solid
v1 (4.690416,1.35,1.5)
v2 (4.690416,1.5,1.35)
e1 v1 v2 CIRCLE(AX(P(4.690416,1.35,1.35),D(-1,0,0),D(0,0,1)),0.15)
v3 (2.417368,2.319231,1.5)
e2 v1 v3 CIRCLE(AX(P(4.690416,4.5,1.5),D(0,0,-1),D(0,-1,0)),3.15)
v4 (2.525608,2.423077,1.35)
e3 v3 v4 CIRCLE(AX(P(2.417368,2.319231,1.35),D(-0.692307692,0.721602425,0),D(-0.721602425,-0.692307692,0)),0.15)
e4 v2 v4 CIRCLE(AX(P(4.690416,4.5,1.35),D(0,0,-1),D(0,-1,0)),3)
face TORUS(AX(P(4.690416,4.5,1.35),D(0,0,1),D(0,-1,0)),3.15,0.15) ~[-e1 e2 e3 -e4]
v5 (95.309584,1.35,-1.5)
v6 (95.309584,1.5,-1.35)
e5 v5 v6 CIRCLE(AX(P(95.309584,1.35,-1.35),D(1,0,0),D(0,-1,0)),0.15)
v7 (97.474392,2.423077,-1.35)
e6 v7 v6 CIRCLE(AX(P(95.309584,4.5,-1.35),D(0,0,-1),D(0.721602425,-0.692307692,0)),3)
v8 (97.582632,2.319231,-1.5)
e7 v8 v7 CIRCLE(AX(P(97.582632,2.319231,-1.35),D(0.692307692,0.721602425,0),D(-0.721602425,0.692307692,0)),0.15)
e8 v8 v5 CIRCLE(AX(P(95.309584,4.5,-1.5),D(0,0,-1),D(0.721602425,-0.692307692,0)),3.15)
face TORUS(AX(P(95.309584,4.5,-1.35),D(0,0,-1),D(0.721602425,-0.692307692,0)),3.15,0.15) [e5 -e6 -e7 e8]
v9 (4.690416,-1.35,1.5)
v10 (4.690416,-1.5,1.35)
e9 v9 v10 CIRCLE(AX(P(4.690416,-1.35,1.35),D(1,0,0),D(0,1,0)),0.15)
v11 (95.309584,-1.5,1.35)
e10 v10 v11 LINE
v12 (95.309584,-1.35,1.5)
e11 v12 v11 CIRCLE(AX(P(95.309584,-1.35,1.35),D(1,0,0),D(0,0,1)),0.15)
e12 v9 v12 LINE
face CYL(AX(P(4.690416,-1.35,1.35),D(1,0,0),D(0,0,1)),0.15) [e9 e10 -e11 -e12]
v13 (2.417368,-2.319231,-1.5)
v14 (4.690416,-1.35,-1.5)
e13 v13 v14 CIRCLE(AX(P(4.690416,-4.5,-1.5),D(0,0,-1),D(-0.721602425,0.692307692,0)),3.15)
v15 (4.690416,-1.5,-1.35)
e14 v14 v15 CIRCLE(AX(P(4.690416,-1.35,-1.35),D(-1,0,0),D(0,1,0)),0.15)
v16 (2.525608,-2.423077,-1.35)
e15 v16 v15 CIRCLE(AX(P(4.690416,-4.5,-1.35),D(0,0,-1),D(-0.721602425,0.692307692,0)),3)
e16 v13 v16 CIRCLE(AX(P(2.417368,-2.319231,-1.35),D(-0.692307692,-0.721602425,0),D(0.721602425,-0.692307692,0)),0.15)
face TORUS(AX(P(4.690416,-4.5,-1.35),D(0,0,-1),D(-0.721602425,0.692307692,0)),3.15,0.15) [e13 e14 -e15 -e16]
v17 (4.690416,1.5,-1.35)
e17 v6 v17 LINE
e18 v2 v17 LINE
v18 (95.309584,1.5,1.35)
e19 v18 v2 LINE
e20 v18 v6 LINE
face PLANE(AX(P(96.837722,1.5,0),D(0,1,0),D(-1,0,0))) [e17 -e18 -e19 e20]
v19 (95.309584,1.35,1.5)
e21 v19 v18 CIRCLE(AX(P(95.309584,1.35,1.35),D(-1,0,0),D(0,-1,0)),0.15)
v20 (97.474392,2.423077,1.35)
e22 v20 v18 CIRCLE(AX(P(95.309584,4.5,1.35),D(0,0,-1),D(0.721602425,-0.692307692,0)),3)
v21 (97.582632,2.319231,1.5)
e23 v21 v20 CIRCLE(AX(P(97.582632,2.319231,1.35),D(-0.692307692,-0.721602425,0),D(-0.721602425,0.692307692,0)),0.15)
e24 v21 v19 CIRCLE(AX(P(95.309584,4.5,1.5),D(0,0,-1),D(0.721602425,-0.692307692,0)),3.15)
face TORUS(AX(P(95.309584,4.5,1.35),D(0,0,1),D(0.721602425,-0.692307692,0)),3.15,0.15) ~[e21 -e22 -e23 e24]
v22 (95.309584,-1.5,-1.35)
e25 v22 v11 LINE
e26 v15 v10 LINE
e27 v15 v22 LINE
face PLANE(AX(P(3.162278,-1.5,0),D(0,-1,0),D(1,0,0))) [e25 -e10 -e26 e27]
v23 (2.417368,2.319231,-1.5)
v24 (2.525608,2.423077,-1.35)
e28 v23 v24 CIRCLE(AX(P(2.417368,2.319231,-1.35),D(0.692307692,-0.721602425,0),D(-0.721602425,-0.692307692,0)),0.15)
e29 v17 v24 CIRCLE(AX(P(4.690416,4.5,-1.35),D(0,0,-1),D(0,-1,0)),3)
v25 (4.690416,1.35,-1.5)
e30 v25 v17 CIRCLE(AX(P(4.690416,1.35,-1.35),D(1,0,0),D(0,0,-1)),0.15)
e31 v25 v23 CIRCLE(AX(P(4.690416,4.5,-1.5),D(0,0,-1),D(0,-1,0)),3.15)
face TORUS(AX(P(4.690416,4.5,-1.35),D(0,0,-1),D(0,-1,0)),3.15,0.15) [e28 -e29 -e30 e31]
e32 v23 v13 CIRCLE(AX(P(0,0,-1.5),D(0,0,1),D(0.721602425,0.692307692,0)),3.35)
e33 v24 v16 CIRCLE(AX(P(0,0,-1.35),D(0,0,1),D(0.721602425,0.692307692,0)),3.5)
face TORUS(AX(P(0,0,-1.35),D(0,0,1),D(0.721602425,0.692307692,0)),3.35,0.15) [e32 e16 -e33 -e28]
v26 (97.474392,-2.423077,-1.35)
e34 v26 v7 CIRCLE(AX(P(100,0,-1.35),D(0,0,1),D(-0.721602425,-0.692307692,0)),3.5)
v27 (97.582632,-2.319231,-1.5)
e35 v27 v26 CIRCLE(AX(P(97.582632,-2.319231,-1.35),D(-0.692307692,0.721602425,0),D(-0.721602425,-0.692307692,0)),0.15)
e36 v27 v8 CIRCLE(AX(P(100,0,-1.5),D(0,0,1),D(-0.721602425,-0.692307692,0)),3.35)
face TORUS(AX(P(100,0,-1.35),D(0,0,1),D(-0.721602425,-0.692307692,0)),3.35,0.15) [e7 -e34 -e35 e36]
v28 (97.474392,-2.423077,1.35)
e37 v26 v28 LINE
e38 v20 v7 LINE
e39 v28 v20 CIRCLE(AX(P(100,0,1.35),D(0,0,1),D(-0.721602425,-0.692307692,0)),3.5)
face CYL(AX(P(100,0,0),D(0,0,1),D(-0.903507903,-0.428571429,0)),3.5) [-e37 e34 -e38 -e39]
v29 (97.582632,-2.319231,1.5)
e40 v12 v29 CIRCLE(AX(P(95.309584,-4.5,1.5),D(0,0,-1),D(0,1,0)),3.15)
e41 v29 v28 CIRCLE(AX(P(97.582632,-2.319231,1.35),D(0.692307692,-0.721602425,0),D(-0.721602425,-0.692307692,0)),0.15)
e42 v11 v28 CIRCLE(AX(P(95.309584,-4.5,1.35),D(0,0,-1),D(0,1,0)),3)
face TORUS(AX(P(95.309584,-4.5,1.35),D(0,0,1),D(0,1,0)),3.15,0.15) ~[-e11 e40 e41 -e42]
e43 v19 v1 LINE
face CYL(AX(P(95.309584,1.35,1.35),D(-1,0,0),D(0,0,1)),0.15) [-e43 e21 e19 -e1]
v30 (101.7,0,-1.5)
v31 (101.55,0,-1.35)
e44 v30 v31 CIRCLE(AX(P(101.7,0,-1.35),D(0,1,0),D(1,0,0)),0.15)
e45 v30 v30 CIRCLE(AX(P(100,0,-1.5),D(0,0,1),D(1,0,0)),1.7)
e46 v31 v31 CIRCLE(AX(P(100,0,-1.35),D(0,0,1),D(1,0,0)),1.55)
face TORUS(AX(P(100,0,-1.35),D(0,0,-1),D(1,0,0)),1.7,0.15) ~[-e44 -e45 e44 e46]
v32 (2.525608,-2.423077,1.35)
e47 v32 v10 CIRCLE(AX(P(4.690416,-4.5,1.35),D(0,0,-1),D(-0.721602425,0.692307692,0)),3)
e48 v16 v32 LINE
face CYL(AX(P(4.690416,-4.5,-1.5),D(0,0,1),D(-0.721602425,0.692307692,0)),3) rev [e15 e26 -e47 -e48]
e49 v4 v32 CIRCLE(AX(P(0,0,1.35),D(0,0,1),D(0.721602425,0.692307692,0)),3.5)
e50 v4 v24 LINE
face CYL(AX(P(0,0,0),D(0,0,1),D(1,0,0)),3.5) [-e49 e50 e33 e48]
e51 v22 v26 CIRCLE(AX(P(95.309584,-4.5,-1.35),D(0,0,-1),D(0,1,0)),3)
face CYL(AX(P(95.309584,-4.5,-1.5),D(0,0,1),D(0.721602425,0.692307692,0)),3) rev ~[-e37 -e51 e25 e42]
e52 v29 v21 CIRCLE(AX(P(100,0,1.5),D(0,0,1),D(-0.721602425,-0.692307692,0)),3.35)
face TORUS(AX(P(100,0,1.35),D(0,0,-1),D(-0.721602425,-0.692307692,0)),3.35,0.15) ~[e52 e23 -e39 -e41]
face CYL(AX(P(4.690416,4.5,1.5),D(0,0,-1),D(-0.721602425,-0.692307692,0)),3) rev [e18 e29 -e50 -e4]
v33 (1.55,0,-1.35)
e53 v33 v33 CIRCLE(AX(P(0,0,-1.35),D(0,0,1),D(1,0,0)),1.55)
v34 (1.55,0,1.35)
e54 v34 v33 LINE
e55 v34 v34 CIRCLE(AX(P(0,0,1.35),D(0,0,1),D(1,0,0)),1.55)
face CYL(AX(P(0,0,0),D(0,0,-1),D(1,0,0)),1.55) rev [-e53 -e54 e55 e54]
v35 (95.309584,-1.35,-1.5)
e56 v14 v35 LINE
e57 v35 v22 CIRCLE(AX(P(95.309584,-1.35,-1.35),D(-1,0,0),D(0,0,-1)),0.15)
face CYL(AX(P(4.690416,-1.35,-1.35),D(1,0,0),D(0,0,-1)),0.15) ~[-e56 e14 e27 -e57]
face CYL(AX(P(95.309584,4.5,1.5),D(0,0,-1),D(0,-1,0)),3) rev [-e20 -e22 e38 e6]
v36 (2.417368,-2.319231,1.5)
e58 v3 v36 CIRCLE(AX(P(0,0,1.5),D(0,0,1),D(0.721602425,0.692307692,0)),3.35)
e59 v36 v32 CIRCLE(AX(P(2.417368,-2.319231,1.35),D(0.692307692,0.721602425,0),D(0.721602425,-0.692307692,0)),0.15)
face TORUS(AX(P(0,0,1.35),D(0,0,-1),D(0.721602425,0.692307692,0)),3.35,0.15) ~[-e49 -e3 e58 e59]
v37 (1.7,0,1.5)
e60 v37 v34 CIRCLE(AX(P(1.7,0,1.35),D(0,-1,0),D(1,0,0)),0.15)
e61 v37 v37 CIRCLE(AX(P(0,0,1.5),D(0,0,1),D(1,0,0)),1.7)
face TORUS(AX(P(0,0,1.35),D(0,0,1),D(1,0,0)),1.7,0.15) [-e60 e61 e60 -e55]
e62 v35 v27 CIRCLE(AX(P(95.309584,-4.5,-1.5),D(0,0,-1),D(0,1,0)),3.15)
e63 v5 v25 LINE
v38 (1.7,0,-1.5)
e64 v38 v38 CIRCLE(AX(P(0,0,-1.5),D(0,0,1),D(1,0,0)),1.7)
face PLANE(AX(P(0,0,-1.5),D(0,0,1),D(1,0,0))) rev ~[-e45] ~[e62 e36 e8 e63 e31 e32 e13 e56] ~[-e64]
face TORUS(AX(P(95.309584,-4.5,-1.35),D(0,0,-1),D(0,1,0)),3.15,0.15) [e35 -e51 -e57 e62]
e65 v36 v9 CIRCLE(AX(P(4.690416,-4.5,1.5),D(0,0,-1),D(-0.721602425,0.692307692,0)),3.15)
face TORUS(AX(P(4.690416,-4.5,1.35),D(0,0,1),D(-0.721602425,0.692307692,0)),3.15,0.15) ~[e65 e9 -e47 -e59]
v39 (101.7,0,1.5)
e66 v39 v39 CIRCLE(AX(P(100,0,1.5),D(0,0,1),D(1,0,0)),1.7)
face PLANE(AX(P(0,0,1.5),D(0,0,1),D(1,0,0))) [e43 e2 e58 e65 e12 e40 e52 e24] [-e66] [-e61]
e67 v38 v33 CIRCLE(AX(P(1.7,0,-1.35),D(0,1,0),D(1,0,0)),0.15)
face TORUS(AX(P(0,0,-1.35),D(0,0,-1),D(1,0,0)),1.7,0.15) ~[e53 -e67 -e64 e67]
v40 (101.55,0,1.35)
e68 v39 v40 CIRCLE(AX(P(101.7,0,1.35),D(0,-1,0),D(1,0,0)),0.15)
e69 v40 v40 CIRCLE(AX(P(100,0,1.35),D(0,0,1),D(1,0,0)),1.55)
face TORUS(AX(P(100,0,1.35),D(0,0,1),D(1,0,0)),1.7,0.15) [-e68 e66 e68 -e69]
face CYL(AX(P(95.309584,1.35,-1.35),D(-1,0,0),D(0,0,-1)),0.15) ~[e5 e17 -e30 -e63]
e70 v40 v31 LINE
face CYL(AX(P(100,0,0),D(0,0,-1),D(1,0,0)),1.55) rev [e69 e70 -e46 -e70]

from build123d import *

# Parameters (mm, degrees)
SKETCH1_R           = 3.5
SKETCH1_R_2         = 1.55
BOSS_EXTRUDE1_DEPTH = 1.5
FILLET1_R           = 3
FILLET3_R           = 0.15


with BuildPart() as part:
    # Sketch1 → Boss-Extrude1 (new body, symmetric)
    with BuildSketch(Plane.XY):
        Circle(SKETCH1_R)
        Circle(SKETCH1_R_2, mode=Mode.SUBTRACT)
        with BuildLine():
            Line((3.16227766, -1.5), (96.83772234, -1.5))
            ThreePointArc((96.83772234, -1.5), (96.5, 0), (96.83772234, 1.5))
            Line((96.83772234, 1.5), (3.16227766, 1.5))
            ThreePointArc((3.16227766, 1.5), (3.414525722, 0.768774411), (3.5, 0))
            ThreePointArc((3.5, 0), (3.414525722, -0.768774411), (3.16227766, -1.5))
        make_face()
        with Locations((100, 0)):
            Circle(SKETCH1_R)
        with Locations((100, 0)):
            Circle(SKETCH1_R_2, mode=Mode.SUBTRACT)
    extrude(amount=BOSS_EXTRUDE1_DEPTH, both=True)

    # Fillet1
    fillet1_edges = [part.edges().sort_by_distance(p)[0] for p in [
        (96.83772234, 1.5, 0),
        (96.83772234, -1.5, 0),
        (3.16227766, -1.5, 0),
        (3.16227766, 1.5, 0),
    ]]
    fillet(fillet1_edges, radius=FILLET1_R)

    # Fillet3
    fillet3_edges = [part.edges().sort_by_distance(p)[0] for p in [
        (103.5, 0, -1.5),
        (-1.55, 0, 1.5),
        (103.5, 0, 1.5),
        (50, -1.5, -1.5),
        (50, -1.5, 1.5),
        (98.45, 0, 1.5),
        (-3.5, 0, -1.5),
        (-3.5, 0, 1.5),
        (50, 1.5, -1.5),
        (50, 1.5, 1.5),
        (96.486281051, -1.740401367, -1.5),
        (96.486281051, -1.740401367, 1.5),
        (3.513718949, -1.740401367, -1.5),
        (3.513718949, -1.740401367, 1.5),
        (96.486281051, 1.740401367, -1.5),
        (96.486281051, 1.740401367, 1.5),
        (3.513718949, 1.740401367, -1.5),
        (3.513718949, 1.740401367, 1.5),
        (98.45, 0, -1.5),
        (-1.55, 0, -1.5),
    ]]
    fillet(fillet3_edges, radius=FILLET3_R)


solid = part.part
